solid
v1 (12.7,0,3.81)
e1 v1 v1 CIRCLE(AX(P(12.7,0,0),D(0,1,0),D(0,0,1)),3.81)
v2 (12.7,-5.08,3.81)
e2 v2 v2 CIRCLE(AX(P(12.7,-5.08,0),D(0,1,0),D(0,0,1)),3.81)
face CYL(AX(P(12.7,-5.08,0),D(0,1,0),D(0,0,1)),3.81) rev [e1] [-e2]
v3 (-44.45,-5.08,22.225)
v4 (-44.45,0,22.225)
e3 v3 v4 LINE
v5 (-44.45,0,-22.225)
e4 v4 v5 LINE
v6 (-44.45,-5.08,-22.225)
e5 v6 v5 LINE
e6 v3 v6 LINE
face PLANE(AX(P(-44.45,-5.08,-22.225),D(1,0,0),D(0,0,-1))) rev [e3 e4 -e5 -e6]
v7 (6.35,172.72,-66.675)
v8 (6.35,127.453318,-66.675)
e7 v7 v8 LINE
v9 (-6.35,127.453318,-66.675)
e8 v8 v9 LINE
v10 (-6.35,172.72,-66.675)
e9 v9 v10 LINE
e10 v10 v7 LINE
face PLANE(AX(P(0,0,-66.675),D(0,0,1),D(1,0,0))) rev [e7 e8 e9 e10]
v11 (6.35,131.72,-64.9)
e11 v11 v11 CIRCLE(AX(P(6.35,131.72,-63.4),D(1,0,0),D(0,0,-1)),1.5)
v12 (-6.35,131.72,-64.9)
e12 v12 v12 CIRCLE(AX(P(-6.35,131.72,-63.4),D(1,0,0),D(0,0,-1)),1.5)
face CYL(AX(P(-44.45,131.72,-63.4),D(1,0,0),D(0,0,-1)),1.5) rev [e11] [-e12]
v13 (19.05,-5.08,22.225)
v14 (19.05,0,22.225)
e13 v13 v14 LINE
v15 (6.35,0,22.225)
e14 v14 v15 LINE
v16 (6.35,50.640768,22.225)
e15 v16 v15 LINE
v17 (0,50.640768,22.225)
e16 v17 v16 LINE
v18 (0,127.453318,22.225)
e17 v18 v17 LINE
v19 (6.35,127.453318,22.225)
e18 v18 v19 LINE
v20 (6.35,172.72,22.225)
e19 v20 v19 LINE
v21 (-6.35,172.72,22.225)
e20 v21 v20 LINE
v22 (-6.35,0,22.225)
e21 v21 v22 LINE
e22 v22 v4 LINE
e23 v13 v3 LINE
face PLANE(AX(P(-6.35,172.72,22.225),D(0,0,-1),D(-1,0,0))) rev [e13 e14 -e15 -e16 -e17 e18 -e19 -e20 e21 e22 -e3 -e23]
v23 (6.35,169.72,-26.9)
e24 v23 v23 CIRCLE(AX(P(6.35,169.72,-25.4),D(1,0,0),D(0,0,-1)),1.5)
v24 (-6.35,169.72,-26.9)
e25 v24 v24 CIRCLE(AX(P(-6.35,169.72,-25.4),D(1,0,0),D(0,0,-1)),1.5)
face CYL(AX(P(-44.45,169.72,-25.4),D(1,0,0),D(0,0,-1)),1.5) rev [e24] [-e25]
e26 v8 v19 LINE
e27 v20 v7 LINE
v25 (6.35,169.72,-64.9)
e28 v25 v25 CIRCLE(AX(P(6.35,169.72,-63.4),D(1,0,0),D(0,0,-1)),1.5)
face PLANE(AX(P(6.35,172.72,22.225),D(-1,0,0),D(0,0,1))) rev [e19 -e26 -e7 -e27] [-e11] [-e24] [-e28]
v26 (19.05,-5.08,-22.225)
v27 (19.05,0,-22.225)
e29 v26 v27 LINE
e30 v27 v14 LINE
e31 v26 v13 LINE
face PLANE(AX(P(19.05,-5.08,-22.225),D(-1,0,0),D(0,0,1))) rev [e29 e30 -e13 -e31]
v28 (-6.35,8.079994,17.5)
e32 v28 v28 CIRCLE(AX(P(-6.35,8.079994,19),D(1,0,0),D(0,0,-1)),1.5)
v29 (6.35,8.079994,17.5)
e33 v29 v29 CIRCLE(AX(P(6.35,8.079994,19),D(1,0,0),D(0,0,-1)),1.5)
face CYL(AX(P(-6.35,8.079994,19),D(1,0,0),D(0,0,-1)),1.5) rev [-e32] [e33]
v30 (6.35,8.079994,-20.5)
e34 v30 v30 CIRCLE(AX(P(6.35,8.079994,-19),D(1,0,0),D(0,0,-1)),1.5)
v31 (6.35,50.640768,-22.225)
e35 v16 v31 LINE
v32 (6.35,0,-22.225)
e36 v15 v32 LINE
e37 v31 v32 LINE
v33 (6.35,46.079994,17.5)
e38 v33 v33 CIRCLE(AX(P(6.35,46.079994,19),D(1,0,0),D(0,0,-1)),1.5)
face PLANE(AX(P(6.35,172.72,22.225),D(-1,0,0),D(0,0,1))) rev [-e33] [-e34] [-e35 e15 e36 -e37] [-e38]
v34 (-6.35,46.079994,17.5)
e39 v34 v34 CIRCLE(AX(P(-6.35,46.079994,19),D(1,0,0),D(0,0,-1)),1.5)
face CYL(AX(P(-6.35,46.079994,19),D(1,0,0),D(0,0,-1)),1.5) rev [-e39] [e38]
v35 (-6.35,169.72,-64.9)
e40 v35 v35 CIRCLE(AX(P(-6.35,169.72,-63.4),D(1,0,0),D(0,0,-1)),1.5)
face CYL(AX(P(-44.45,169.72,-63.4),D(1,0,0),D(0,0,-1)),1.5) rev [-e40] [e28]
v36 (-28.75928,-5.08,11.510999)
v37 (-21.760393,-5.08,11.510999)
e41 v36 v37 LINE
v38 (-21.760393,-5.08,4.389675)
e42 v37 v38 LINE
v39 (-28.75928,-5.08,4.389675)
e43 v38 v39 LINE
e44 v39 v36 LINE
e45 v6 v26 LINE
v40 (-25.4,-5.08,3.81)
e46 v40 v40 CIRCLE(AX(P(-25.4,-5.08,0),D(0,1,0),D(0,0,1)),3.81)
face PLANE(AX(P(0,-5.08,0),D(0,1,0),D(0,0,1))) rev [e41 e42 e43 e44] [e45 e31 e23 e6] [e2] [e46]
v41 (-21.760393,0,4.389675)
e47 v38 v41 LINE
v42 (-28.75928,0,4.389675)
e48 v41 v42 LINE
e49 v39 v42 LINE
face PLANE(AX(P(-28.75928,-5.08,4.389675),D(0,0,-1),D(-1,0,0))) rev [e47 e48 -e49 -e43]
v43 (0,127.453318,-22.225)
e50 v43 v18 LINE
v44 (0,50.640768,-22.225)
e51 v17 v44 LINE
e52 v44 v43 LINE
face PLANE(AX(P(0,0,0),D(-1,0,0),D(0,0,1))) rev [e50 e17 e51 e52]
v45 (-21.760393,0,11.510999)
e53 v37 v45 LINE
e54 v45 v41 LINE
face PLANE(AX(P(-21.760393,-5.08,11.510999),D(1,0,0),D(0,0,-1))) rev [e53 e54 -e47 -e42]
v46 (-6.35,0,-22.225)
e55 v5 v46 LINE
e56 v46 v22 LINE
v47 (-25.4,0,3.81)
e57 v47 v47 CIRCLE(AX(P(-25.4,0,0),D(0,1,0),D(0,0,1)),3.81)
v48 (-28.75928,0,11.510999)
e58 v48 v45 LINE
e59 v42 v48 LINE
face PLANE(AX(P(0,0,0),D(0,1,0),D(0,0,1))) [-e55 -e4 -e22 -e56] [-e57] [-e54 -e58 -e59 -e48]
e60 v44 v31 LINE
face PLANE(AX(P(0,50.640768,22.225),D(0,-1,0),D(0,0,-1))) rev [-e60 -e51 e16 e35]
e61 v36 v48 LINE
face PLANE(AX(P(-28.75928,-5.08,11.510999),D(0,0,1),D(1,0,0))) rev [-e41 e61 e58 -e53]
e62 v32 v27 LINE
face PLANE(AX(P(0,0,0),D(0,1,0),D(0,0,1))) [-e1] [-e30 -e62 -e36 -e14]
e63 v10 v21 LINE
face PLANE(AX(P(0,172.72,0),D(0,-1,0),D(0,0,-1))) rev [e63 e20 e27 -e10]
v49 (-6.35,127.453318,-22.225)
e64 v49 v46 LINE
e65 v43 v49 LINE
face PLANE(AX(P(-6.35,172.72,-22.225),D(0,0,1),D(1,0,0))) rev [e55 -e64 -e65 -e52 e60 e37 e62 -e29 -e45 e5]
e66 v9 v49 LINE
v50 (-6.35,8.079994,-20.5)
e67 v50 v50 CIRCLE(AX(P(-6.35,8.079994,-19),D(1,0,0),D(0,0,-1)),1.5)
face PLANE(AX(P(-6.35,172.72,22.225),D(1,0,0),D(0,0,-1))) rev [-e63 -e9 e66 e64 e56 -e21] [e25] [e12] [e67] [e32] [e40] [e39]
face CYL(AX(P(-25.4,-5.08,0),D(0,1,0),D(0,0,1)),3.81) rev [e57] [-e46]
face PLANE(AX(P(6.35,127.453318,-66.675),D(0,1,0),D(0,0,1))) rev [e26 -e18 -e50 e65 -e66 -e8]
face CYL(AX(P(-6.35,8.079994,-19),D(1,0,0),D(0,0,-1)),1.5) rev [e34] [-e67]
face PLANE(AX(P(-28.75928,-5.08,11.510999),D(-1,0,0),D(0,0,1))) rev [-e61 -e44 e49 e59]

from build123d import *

# Parameters (mm, degrees)
SKETCH1_W                      = 12.7
SKETCH1_H                      = 44.45
HEIGHT_EXTRUDE_DEPTH           = 172.72
SKETCH2_R                      = 1.5
BOTTOM_FAN_MOUNT_CUTS_DEPTH    = 13.7
SKETCH3_W                      = 63.5
SKETCH3_H                      = 44.45
MOUNTING_BASE_EXTRUDE_DEPTH    = 5.08
SKETCH4_R                      = 3.81
MOUNTING_BOLT_HOLE_CUT_DEPTH   = 5.08
SKETCH6_W                      = 6.998886625
SKETCH6_H                      = 7.121323501
OPTIONAL_WIRE_ESCAPE_CUT_DEPTH = 5.08
SKETCH7_W                      = 12.7
SKETCH7_H                      = 45.266682412
BOSS_EXTRUDE1_DEPTH            = 44.45
SKETCH5_R                      = 1.5
TOP_FAN_MOUNT_CUTS_DEPTH       = 51.8
SKETCH8_W                      = 44.45
SKETCH8_H                      = 76.812549829
FILAMENT_NO_STICK_CUT_DEPTH    = 6.35


with BuildPart() as part:
    # Sketch1 → Height extrude (new body)
    with BuildSketch(Plane(origin=(0, 0, 0), x_dir=(1, 0, 0), z_dir=(0, 1, 0))):
        Rectangle(SKETCH1_W, SKETCH1_H)
    extrude(amount=HEIGHT_EXTRUDE_DEPTH)

    # Sketch2 → Bottom Fan Mount Cuts (cut, through all)
    with BuildSketch(Plane(origin=(6.35, 0, 0), x_dir=(0, 0, -1), z_dir=(1, 0, 0))):
        with Locations((-19.0000001, 8.079994)):
            Circle(SKETCH2_R)
        with Locations((19, 8.079994)):
            Circle(SKETCH2_R)
        with Locations((-19.0000001, 46.079994)):
            Circle(SKETCH2_R)
    extrude(amount=-BOTTOM_FAN_MOUNT_CUTS_DEPTH, mode=Mode.SUBTRACT)

    # Sketch3 → Mounting Base Extrude (add)
    with BuildSketch(Plane.XZ):
        with Locations((-12.7, 0)):
            Rectangle(SKETCH3_W, SKETCH3_H)
    extrude(amount=MOUNTING_BASE_EXTRUDE_DEPTH)

    # Sketch4 → Mounting Bolt Hole Cut (cut)
    with BuildSketch(Plane(origin=(0, 0, 0), x_dir=(1, 0, 0), z_dir=(0, 1, 0))):
        with Locations((12.7, 0)):
            Circle(SKETCH4_R)
        with Locations((-25.4, 0)):
            Circle(SKETCH4_R)
    extrude(amount=-MOUNTING_BOLT_HOLE_CUT_DEPTH, mode=Mode.SUBTRACT)

    # Sketch6 → Optional Wire Escape Cut (cut)
    with BuildSketch(Plane(origin=(0, 0, 0), x_dir=(1, 0, 0), z_dir=(0, 1, 0))):
        with Locations((-25.259836811, -7.950336846)):
            Rectangle(SKETCH6_W, SKETCH6_H)
    extrude(amount=-OPTIONAL_WIRE_ESCAPE_CUT_DEPTH, mode=Mode.SUBTRACT)

    # Sketch7 → Boss-Extrude1 (add)
    with BuildSketch(Plane(origin=(0, 0, -22.225), x_dir=(-1, 0, 0), z_dir=(0, 0, -1))):
        with Locations((0, 150.086658794)):
            Rectangle(SKETCH7_W, SKETCH7_H)
    extrude(amount=BOSS_EXTRUDE1_DEPTH)

    # Sketch5 → Top Fan Mount Cuts (cut, through all)
    with BuildSketch(Plane(origin=(6.35, 0, 0), x_dir=(0, 0, -1), z_dir=(1, 0, 0))):
        with Locations((25.4, 169.72)):
            Circle(SKETCH5_R)
        with Locations((63.4, 169.72)):
            Circle(SKETCH5_R)
        with Locations((63.4, 131.72)):
            Circle(SKETCH5_R)
    extrude(amount=-TOP_FAN_MOUNT_CUTS_DEPTH, mode=Mode.SUBTRACT)

    # Sketch8 → Filament no stick cut (cut)
    with BuildSketch(Plane(origin=(6.35, 0, 0), x_dir=(0, 0, -1), z_dir=(1, 0, 0))):
        with Locations((0, 89.047042674)):
            Rectangle(SKETCH8_W, SKETCH8_H)
    extrude(amount=-FILAMENT_NO_STICK_CUT_DEPTH, mode=Mode.SUBTRACT)


solid = part.part
